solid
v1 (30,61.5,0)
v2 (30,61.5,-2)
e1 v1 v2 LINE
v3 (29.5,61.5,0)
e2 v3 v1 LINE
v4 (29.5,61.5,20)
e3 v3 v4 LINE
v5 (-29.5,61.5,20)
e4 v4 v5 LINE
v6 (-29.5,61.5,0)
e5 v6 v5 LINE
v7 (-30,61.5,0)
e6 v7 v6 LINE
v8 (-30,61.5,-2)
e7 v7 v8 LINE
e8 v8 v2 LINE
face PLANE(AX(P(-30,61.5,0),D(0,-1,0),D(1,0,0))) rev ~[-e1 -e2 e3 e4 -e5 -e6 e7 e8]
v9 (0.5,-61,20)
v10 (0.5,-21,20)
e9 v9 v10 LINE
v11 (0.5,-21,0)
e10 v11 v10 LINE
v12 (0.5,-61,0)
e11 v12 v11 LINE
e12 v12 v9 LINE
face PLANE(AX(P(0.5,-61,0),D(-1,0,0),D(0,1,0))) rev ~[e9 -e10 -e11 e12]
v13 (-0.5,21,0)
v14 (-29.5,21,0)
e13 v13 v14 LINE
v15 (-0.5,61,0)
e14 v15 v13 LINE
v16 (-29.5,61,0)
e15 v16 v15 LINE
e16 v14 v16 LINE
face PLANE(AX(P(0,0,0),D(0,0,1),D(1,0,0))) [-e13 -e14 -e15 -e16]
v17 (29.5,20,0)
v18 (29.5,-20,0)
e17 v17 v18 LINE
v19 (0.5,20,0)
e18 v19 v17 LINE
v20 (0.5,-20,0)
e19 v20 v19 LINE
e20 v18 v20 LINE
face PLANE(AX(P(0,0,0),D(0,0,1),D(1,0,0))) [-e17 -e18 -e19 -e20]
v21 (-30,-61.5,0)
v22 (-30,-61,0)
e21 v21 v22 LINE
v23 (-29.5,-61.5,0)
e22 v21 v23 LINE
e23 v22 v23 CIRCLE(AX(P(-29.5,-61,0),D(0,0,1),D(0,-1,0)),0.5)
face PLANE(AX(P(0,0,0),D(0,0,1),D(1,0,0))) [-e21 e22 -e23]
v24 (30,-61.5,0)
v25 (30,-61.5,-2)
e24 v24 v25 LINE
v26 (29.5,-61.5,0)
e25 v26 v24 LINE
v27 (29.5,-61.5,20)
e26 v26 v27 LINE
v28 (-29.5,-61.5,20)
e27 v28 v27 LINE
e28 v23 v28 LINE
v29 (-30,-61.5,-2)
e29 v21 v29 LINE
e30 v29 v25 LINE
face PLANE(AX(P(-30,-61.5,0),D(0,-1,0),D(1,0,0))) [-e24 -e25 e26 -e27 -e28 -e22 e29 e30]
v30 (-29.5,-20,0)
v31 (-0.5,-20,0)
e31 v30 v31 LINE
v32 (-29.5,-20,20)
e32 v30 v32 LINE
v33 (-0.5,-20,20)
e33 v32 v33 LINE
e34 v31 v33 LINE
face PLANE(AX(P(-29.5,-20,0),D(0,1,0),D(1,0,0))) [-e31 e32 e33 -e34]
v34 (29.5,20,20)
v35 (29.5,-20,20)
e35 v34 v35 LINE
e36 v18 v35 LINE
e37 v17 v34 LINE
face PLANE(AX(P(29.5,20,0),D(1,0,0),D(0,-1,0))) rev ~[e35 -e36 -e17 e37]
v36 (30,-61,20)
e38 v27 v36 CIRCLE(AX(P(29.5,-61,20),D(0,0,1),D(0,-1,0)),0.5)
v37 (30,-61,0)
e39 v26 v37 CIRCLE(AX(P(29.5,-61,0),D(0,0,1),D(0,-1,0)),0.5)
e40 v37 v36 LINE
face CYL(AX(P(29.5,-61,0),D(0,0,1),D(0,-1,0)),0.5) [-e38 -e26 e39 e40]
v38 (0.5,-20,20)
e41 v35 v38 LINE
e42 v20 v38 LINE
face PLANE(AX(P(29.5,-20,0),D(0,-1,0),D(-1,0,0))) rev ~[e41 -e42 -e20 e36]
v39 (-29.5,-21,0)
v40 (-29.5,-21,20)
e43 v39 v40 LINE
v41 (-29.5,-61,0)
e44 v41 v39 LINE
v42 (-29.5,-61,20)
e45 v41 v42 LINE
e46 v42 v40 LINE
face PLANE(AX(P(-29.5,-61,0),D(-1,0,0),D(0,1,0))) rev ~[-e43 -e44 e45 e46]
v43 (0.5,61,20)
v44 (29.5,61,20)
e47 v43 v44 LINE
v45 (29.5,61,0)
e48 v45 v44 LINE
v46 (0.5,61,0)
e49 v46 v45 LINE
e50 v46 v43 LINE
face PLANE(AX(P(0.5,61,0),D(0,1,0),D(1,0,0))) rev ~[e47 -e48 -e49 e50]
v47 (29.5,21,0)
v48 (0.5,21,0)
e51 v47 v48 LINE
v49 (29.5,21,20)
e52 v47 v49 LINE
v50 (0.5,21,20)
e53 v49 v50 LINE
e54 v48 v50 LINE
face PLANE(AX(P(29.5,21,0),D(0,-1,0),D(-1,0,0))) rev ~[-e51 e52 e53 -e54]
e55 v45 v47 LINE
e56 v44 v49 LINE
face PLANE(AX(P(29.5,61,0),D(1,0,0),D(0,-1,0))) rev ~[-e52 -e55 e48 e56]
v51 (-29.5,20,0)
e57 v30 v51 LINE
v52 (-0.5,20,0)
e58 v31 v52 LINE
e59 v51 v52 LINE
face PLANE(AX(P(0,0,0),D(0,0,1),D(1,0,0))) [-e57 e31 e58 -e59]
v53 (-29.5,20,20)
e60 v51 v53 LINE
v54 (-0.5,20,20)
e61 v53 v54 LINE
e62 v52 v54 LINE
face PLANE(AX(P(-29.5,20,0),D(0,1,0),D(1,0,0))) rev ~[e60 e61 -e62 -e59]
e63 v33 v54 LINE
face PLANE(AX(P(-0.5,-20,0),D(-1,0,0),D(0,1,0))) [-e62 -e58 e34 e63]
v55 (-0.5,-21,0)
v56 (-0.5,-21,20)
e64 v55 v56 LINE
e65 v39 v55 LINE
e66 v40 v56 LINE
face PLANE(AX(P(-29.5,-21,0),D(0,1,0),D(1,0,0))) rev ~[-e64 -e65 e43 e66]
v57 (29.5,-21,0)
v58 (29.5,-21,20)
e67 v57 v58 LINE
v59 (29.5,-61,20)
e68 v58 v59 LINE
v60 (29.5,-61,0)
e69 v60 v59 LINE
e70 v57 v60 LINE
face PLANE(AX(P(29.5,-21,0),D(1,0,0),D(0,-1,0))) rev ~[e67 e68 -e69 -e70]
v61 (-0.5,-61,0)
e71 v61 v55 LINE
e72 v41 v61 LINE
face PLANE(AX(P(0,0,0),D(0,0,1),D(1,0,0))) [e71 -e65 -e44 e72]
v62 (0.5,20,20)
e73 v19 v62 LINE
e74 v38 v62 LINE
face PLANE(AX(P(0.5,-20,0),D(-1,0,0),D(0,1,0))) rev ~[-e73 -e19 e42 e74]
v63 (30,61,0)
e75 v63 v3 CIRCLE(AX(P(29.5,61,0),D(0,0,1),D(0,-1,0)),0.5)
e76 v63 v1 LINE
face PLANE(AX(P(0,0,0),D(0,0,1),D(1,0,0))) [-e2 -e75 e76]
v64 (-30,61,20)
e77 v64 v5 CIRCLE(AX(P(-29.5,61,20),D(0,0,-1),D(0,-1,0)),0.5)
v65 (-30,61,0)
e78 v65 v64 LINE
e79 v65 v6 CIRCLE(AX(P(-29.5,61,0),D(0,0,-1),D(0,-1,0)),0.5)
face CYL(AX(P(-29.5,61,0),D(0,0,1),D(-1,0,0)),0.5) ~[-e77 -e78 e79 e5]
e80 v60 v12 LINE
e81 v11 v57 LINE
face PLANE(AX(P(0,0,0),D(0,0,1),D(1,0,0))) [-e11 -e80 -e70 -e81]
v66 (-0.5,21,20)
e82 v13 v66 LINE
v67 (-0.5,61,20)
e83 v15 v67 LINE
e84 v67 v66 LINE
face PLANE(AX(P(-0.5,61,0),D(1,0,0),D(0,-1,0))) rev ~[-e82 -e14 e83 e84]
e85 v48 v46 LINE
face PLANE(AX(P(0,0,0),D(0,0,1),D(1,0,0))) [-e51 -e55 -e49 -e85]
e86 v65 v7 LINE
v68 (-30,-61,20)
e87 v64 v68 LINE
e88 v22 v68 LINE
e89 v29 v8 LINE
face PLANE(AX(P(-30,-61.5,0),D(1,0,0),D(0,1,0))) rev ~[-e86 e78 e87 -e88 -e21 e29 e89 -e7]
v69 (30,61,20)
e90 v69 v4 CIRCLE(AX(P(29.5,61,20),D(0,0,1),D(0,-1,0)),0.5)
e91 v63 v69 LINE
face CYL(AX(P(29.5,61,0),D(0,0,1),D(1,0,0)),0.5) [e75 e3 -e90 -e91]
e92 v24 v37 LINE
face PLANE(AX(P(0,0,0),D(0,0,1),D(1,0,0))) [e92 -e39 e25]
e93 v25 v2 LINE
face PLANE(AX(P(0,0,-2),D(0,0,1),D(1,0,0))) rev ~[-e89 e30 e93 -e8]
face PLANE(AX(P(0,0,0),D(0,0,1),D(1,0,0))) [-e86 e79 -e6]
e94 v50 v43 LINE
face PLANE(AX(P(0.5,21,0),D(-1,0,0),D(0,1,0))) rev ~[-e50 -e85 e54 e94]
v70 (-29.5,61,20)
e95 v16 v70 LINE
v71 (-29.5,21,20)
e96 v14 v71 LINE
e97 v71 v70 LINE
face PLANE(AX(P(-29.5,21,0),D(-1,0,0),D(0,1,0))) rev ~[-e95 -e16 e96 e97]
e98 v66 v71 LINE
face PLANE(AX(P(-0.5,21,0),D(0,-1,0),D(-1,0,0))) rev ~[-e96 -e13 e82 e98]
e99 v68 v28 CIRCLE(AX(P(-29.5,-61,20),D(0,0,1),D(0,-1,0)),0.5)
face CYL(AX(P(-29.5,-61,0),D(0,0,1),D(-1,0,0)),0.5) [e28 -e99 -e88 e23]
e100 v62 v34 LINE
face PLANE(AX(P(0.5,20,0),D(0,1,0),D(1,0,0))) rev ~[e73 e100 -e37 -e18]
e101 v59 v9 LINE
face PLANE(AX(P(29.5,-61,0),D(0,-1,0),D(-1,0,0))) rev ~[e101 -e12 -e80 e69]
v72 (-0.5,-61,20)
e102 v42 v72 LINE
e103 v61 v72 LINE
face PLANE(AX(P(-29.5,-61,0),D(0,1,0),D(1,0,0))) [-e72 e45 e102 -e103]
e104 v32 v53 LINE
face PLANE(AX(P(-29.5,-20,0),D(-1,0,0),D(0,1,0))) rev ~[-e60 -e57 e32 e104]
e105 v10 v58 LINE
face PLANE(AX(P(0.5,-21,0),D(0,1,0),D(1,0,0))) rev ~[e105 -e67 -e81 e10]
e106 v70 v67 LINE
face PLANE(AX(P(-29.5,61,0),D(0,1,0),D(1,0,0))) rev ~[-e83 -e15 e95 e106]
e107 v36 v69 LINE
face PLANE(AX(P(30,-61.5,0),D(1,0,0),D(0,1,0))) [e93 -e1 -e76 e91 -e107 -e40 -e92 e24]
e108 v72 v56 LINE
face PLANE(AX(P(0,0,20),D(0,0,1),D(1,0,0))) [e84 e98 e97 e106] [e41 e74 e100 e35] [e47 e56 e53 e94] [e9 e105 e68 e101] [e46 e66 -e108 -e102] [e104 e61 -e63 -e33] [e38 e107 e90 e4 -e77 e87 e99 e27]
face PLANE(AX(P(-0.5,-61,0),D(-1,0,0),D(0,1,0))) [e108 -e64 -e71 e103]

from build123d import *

# Parameters (mm, degrees)
F0_W     = 29
F0_H     = 40
F1_DEPTH = 20
F2_R     = 0.5
F3_W     = 60
F3_H     = 123
F4_DEPTH = 2


with BuildPart() as f1:
    # F0 (on Top) → F1 (new body)
    with BuildSketch(Plane.XY):
        Polygon((-15, 61.5), (-30, 61.5), (-30, 20.5), (-30, -20.5), (-30, -61.5), (0, -61.5), (15, -61.5), (30, -61.5), (30, 61.5), (15, 61.5), (0, 61.5), align=None)
        with Locations((-15, -41)):
            Rectangle(F0_W, F0_H, mode=Mode.SUBTRACT)
        Polygon((0.5, -21), (15, -21), (29.5, -21), (29.5, -61), (0.5, -61), align=None, mode=Mode.SUBTRACT)
        with Locations((-15, 0)):
            Rectangle(F0_W, F0_H, mode=Mode.SUBTRACT)
        Polygon((-29.5, 61), (-15, 61), (-0.5, 61), (-0.5, 21), (-29.5, 21), align=None, mode=Mode.SUBTRACT)
        Polygon((0.5, -20), (0.5, 20), (29.5, 20), (29.5, -20), (15, -20), align=None, mode=Mode.SUBTRACT)
        Polygon((0.5, 61), (15, 61), (29.5, 61), (29.5, 21), (0.5, 21), align=None, mode=Mode.SUBTRACT)
    extrude(amount=F1_DEPTH)

    # F2
    f2_edges = [f1.edges().sort_by_distance(p)[0] for p in [
        (30, 61.5, 10),
        (30, -61.5, 10),
        (-30, -61.5, 10),
        (-30, 61.5, 10),
    ]]
    fillet(f2_edges, radius=F2_R)

    # F3 (on Top) → F4 (join)
    with BuildSketch(Plane.XY):
        Rectangle(F3_W, F3_H)
    extrude(amount=-F4_DEPTH)


solid = f1.part
